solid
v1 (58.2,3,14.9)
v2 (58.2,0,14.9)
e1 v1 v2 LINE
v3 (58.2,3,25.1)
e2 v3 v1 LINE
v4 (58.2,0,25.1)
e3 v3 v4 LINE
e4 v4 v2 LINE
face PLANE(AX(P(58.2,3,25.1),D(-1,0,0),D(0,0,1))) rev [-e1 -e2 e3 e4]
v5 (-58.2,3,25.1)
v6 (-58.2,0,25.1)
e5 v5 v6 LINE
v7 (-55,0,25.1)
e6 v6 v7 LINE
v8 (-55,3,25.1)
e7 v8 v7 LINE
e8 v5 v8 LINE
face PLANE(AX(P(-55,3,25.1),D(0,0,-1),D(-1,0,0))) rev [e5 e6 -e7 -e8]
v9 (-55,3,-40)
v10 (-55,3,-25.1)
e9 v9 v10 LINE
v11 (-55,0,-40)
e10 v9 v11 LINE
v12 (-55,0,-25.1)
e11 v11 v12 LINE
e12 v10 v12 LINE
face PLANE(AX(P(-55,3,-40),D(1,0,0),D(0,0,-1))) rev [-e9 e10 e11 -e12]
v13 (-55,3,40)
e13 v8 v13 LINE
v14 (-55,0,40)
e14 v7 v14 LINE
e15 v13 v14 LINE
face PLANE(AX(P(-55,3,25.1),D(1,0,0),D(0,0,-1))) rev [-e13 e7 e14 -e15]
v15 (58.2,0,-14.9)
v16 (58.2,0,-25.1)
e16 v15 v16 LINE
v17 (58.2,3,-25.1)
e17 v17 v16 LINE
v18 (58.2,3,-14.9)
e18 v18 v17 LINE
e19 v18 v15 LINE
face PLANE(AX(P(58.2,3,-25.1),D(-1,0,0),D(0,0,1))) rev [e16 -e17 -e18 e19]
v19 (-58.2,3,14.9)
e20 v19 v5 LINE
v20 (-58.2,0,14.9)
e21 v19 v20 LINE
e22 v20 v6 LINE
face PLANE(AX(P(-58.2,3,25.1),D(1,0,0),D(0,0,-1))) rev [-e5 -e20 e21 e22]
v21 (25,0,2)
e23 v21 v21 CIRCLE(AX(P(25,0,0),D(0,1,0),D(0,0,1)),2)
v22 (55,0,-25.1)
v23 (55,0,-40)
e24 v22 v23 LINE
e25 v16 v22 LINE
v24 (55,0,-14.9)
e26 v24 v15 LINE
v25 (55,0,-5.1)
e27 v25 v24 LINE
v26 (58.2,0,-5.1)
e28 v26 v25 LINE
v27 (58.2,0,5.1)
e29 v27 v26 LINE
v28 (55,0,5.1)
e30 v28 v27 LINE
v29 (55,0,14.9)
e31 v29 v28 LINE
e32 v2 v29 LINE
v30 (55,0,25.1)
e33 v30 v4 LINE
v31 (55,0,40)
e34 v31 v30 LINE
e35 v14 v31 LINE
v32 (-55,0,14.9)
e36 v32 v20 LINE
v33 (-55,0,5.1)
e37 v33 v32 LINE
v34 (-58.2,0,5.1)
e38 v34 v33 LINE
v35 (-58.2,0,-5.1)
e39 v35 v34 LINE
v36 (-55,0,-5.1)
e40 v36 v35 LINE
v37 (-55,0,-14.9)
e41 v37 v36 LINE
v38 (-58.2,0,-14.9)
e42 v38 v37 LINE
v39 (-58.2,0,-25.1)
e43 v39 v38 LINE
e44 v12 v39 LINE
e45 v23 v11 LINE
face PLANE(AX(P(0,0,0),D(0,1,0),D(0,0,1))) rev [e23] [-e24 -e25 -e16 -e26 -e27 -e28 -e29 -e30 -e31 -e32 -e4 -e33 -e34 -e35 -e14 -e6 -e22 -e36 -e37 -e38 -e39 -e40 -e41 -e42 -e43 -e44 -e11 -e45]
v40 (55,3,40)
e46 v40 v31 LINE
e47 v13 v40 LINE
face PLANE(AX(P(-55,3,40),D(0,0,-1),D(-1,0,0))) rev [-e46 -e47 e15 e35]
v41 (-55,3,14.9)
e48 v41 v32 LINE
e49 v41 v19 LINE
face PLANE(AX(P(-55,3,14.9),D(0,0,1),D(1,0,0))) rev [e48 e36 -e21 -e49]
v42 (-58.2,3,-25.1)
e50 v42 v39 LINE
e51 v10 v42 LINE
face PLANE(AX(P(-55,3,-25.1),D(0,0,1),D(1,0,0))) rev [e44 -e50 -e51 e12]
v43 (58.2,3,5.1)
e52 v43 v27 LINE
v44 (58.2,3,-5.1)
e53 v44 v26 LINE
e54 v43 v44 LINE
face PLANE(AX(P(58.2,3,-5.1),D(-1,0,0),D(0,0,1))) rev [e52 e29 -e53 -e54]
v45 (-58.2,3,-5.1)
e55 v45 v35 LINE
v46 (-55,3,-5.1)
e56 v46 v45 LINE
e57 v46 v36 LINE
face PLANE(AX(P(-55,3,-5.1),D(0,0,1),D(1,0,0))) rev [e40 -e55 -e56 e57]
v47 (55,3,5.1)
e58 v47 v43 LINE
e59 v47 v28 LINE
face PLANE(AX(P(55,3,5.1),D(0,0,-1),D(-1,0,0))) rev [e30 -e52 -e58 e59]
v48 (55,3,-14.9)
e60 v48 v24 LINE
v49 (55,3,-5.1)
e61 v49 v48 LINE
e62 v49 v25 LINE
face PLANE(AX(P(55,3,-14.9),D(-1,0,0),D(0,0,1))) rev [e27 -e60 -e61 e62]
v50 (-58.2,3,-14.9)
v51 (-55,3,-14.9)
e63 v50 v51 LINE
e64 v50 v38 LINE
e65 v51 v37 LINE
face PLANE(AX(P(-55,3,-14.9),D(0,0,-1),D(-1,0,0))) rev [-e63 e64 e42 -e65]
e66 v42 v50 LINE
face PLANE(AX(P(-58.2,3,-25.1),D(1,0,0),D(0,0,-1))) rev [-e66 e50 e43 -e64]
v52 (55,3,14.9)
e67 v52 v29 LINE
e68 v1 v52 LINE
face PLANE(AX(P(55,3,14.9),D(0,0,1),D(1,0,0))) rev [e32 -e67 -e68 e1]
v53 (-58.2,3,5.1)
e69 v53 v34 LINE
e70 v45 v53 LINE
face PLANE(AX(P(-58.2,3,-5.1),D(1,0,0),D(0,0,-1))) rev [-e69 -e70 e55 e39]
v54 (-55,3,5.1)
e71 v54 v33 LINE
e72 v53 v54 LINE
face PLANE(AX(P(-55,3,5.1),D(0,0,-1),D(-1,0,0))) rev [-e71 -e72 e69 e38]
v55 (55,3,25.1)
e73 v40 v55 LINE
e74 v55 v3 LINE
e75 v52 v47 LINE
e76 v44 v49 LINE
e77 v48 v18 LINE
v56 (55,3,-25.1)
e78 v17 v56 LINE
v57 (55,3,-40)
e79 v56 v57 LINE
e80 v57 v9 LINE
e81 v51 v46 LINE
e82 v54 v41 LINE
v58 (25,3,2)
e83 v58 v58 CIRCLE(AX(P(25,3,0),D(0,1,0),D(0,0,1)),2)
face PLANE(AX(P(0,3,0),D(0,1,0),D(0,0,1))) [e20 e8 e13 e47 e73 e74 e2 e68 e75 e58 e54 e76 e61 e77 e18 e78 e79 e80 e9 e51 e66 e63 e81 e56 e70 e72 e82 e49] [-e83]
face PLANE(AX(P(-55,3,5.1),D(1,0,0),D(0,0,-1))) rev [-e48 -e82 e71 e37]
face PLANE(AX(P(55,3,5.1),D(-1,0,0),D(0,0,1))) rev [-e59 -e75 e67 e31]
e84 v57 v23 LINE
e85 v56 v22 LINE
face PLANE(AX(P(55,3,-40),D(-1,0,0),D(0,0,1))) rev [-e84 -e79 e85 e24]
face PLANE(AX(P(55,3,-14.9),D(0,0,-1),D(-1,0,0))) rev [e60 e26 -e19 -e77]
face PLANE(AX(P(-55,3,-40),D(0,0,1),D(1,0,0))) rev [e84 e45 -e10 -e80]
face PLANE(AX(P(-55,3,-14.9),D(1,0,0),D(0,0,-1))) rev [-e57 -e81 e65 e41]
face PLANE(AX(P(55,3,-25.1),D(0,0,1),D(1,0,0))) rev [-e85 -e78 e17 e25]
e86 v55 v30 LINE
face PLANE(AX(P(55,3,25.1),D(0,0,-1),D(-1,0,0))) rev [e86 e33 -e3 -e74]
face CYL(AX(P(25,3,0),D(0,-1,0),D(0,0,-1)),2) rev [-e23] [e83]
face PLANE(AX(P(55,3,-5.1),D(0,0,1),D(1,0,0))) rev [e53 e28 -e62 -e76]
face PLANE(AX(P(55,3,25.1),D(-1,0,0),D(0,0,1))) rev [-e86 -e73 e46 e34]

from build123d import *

# Parameters (mm, degrees)
CROQUIS1_R              = 2
SALIENTE_EXTRUIR1_DEPTH = 3


with BuildPart() as part:
    # Croquis1 → Saliente-Extruir1 (new body)
    with BuildSketch(Plane(origin=(0, 0, 0), x_dir=(1, 0, 0), z_dir=(0, 1, 0))):
        Polygon((55, 14.9), (55, 5.1), (58.2, 5.1), (58.2, -5.1), (55, -5.1), (55, -14.9), (58.2, -14.9), (58.2, -25.1), (55, -25.1), (55, -40), (-55, -40), (-55, -25.1), (-58.2, -25.1), (-58.2, -14.9), (-55, -14.9), (-55, -5.1), (-58.2, -5.1), (-58.2, 5.1), (-55, 5.1), (-55, 14.9), (-58.2, 14.9), (-58.2, 25.1), (-55, 25.1), (-55, 40), (55, 40), (55, 25.1), (58.2, 25.1), (58.2, 14.9), align=None)
        with Locations(Location((25, 0, 0), (0, 0, 270))):
            Circle(CROQUIS1_R, mode=Mode.SUBTRACT)
    extrude(amount=SALIENTE_EXTRUIR1_DEPTH)


solid = part.part
